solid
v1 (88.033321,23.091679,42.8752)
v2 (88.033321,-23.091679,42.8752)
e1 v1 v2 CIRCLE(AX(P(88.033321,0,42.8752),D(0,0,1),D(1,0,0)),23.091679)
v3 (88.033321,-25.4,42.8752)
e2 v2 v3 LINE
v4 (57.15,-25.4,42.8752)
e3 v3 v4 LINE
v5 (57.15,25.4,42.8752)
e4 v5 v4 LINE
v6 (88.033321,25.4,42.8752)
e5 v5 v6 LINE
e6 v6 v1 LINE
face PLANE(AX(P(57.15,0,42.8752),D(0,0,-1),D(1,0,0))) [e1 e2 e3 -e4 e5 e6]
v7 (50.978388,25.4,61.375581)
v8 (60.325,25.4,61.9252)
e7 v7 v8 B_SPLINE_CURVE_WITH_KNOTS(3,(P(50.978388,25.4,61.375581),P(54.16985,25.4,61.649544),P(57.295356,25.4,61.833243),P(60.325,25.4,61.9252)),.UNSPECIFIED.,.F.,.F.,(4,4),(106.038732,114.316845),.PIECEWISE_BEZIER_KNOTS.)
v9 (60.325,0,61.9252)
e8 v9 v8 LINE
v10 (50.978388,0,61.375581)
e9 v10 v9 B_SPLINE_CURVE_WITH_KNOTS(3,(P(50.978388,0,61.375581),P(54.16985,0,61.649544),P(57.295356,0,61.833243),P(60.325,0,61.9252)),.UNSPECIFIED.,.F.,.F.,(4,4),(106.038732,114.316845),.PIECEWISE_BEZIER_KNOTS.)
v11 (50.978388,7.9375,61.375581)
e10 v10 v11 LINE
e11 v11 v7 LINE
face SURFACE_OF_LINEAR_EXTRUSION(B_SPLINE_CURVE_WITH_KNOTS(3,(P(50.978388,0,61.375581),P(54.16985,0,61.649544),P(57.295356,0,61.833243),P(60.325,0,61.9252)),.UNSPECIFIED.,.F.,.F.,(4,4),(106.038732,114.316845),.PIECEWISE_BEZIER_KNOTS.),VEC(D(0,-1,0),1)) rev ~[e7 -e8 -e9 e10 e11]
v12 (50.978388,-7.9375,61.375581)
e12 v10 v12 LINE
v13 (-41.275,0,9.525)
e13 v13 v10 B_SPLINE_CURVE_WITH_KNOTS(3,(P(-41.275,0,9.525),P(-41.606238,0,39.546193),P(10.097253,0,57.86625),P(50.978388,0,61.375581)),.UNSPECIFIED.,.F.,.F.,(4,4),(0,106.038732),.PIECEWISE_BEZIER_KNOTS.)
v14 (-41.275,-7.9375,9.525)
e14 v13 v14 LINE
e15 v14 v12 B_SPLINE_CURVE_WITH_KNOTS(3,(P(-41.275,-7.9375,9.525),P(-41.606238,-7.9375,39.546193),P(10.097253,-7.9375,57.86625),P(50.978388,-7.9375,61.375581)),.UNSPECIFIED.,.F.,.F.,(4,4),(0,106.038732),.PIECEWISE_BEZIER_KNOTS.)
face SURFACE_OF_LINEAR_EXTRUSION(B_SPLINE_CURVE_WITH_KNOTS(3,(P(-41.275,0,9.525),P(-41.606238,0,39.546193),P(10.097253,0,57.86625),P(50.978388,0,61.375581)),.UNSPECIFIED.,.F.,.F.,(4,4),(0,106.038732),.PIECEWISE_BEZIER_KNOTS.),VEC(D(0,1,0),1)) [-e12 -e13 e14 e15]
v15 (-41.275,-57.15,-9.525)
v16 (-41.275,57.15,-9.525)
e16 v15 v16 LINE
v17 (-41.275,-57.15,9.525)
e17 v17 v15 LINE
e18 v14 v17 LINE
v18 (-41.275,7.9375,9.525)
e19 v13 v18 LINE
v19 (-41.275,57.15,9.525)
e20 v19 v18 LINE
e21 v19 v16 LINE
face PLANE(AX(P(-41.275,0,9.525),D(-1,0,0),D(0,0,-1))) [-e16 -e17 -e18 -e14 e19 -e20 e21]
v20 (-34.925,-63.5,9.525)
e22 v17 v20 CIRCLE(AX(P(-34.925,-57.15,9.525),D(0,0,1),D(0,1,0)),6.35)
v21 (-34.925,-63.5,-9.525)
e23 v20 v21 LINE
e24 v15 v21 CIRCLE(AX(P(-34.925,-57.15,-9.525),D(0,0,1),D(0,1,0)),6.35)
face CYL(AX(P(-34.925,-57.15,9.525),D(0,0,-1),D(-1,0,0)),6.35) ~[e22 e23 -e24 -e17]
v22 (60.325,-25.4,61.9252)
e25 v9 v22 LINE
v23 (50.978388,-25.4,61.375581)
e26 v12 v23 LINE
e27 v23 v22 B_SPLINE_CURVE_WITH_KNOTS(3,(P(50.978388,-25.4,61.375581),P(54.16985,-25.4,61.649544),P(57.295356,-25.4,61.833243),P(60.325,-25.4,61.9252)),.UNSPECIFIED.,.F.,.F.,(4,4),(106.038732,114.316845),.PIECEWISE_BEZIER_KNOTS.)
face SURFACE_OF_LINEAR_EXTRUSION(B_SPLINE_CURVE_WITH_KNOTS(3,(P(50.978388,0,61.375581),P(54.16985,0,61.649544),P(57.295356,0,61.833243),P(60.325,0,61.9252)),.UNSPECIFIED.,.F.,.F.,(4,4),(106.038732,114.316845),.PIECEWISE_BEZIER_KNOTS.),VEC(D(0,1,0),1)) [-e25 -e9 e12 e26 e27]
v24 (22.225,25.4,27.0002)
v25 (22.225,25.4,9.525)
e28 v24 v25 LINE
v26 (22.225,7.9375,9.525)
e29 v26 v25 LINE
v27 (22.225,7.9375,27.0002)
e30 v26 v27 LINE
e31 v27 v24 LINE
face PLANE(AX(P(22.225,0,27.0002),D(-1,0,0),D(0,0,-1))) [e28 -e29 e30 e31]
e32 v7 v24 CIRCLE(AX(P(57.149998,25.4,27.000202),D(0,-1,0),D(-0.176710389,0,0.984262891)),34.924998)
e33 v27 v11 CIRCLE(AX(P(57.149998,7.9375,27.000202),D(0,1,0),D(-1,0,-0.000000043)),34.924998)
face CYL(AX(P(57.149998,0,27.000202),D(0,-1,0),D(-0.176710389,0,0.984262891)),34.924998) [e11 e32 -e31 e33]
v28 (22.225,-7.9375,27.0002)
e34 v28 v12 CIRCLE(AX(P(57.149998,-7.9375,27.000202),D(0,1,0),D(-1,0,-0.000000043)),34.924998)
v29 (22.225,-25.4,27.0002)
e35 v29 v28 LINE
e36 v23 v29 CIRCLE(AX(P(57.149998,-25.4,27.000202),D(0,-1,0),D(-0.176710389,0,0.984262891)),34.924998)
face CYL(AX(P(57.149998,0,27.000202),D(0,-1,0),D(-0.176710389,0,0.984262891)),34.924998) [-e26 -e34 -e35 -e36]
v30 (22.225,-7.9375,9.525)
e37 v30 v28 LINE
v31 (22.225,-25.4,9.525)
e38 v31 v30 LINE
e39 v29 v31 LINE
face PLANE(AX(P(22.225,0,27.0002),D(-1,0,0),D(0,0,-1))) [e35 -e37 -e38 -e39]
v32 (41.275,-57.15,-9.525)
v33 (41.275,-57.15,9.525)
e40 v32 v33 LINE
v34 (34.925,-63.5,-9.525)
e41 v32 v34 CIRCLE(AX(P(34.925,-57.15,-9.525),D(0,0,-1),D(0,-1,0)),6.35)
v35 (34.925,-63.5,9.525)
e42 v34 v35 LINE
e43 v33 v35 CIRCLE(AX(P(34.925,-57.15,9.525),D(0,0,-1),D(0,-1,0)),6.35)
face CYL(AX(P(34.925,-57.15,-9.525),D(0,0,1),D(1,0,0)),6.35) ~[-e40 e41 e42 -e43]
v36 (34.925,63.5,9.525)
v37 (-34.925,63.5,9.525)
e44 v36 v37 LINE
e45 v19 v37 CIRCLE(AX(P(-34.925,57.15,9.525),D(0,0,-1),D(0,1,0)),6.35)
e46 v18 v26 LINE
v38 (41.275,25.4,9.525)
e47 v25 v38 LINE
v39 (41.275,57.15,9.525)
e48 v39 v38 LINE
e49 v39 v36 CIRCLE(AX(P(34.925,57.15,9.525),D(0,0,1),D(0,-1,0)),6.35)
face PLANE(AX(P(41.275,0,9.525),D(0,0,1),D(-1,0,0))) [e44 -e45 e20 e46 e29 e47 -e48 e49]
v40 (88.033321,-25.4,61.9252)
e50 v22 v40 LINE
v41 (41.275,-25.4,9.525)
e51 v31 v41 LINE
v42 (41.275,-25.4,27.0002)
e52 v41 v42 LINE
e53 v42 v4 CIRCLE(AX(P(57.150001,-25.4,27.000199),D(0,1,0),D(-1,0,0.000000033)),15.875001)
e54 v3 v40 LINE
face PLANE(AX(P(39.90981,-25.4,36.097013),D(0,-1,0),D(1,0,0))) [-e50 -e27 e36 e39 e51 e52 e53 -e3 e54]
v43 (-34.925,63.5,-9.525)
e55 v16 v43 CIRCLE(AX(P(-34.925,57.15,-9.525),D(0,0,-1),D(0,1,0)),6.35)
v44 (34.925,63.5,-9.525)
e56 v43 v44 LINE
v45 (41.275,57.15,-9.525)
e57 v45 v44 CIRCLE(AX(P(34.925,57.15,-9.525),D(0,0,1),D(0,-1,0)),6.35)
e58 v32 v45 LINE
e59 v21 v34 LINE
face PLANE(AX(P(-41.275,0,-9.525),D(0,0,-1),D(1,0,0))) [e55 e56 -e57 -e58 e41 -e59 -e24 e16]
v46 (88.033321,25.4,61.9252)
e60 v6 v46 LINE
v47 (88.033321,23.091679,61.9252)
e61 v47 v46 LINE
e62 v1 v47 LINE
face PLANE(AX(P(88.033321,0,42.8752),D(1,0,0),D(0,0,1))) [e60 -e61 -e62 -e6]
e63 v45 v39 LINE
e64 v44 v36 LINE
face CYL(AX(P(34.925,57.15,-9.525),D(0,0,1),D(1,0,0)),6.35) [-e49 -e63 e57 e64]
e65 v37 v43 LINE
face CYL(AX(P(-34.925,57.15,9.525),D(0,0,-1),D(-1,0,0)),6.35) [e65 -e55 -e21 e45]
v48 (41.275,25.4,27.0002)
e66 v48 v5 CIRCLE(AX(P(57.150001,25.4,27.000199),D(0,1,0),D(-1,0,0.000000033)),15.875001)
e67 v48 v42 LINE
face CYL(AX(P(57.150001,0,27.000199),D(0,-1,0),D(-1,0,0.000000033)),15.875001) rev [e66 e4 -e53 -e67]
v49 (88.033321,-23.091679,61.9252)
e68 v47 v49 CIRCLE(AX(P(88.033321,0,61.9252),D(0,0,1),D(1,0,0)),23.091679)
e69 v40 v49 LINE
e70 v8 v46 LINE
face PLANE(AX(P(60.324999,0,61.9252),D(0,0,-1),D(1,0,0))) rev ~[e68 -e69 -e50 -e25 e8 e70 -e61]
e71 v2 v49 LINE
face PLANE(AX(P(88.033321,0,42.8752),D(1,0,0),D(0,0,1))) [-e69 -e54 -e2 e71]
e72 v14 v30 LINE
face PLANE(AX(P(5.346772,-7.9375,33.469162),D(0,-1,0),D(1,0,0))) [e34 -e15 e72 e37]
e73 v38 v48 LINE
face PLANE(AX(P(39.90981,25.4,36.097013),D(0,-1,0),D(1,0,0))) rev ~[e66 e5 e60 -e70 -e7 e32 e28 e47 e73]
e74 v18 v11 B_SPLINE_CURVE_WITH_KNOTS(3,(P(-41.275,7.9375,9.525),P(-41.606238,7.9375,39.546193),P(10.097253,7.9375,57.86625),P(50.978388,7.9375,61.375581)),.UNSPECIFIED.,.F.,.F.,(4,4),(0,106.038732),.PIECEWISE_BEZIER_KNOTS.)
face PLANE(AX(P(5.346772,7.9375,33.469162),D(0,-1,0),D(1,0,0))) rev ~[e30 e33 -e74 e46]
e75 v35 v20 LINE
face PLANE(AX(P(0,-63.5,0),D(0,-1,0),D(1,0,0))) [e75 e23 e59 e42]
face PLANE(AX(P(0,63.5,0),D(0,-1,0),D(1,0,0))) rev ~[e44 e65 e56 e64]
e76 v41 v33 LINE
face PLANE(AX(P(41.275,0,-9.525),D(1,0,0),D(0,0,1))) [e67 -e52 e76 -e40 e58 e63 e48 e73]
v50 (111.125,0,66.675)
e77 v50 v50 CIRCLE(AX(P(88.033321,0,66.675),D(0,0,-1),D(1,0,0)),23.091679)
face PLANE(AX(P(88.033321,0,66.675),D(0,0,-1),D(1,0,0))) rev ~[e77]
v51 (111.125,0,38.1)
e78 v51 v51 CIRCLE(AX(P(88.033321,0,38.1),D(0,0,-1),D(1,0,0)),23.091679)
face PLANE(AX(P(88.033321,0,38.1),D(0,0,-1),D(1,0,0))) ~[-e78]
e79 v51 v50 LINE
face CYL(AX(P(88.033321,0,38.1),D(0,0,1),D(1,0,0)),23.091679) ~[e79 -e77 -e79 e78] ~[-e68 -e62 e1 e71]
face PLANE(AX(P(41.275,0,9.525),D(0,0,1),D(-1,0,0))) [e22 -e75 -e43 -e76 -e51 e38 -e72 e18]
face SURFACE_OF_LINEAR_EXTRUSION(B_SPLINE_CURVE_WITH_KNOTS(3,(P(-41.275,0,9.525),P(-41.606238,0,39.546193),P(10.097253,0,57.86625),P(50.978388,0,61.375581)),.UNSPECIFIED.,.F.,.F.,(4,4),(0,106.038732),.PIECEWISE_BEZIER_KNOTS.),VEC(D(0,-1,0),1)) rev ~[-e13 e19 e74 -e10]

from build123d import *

# Parameters (mm, degrees)
F1_DEPTH = 63.5
F2_DEPTH = 25.4
F3_DEPTH = 7.9375
F0_W     = 27.708321
F0_H     = 19.05
F4_DEPTH = 25.4
F6_R     = 6.35


with BuildPart() as f1:
    # F0 (on Front) → F1 (new body, symmetric)
    with BuildSketch(Plane.XZ):
        Polygon((41.275, -9.525), (41.275, 9.525), (22.225, 9.525), (-41.275, 9.525), (-41.275, -9.525), align=None)
    extrude(amount=F1_DEPTH, both=True)

    # F0 (on Front) → F2 (join, symmetric)
    with BuildSketch(Plane.XZ):
        with BuildLine():
            Line((22.225, 9.525), (41.275, 9.525))
            Line((41.275, 9.525), (41.275, 27.0002))
            ThreePointArc((41.275, 27.0002), (45.92468, 38.22552), (57.15, 42.8752))
            Line((57.15, 42.8752), (60.325, 42.8752))
            Line((60.325, 42.8752), (60.325, 61.9252))
            add(Edge.make_bspline(
                [(50.978388, 61.375581), (54.16985, 61.649544), (57.295356, 61.833243), (60.325, 61.9252)],
                knots=[106.038732, 106.038732, 106.038732, 106.038732, 114.316845, 114.316845, 114.316845, 114.316845], degree=3))
            ThreePointArc((50.978388, 61.375581), (30.361017, 49.407923), (22.225, 27.0002))
            Line((22.225, 27.0002), (22.225, 9.525))
        make_face()
    extrude(amount=F2_DEPTH, both=True)

    # F0 (on Front) → F3 (join, symmetric)
    with BuildSketch(Plane.XZ):
        with BuildLine():
            Line((-41.275, 9.525), (22.225, 9.525))
            Line((22.225, 9.525), (22.225, 27.0002))
            ThreePointArc((22.225, 27.0002), (30.361017, 49.407923), (50.978388, 61.375581))
            add(Edge.make_bspline(
                [(-41.275, 9.525), (-41.606238, 39.546193), (10.097253, 57.86625), (50.978388, 61.375581)],
                knots=[0, 0, 0, 0, 106.038732, 106.038732, 106.038732, 106.038732], degree=3))
        make_face()
    extrude(amount=F3_DEPTH, both=True)

    # F0 (on Front) → F4 (join, symmetric)
    with BuildSketch(Plane.XZ):
        with Locations((74.17916, 52.4002)):
            Rectangle(F0_W, F0_H)
    extrude(amount=F4_DEPTH, both=True)

    # F0 (on Front) → F5 (revolve)
    with BuildSketch(Plane.XZ):
        Polygon((88.033321, 61.9252), (88.033321, 42.8752), (88.033321, 38.1), (111.125, 38.1), (111.125, 66.675), (88.033321, 66.675), align=None)
    revolve(axis=Axis((88.033321, 0, 52.3875), (0, 0, -1)))

    # F6
    f6_edges = [f1.edges().sort_by_distance(p)[0] for p in [
        (41.275, -63.5, 0),
        (-41.275, -63.5, 0),
        (-41.275, 63.5, 0),
        (41.275, 63.5, 0),
    ]]
    fillet(f6_edges, radius=F6_R)


solid = f1.part
